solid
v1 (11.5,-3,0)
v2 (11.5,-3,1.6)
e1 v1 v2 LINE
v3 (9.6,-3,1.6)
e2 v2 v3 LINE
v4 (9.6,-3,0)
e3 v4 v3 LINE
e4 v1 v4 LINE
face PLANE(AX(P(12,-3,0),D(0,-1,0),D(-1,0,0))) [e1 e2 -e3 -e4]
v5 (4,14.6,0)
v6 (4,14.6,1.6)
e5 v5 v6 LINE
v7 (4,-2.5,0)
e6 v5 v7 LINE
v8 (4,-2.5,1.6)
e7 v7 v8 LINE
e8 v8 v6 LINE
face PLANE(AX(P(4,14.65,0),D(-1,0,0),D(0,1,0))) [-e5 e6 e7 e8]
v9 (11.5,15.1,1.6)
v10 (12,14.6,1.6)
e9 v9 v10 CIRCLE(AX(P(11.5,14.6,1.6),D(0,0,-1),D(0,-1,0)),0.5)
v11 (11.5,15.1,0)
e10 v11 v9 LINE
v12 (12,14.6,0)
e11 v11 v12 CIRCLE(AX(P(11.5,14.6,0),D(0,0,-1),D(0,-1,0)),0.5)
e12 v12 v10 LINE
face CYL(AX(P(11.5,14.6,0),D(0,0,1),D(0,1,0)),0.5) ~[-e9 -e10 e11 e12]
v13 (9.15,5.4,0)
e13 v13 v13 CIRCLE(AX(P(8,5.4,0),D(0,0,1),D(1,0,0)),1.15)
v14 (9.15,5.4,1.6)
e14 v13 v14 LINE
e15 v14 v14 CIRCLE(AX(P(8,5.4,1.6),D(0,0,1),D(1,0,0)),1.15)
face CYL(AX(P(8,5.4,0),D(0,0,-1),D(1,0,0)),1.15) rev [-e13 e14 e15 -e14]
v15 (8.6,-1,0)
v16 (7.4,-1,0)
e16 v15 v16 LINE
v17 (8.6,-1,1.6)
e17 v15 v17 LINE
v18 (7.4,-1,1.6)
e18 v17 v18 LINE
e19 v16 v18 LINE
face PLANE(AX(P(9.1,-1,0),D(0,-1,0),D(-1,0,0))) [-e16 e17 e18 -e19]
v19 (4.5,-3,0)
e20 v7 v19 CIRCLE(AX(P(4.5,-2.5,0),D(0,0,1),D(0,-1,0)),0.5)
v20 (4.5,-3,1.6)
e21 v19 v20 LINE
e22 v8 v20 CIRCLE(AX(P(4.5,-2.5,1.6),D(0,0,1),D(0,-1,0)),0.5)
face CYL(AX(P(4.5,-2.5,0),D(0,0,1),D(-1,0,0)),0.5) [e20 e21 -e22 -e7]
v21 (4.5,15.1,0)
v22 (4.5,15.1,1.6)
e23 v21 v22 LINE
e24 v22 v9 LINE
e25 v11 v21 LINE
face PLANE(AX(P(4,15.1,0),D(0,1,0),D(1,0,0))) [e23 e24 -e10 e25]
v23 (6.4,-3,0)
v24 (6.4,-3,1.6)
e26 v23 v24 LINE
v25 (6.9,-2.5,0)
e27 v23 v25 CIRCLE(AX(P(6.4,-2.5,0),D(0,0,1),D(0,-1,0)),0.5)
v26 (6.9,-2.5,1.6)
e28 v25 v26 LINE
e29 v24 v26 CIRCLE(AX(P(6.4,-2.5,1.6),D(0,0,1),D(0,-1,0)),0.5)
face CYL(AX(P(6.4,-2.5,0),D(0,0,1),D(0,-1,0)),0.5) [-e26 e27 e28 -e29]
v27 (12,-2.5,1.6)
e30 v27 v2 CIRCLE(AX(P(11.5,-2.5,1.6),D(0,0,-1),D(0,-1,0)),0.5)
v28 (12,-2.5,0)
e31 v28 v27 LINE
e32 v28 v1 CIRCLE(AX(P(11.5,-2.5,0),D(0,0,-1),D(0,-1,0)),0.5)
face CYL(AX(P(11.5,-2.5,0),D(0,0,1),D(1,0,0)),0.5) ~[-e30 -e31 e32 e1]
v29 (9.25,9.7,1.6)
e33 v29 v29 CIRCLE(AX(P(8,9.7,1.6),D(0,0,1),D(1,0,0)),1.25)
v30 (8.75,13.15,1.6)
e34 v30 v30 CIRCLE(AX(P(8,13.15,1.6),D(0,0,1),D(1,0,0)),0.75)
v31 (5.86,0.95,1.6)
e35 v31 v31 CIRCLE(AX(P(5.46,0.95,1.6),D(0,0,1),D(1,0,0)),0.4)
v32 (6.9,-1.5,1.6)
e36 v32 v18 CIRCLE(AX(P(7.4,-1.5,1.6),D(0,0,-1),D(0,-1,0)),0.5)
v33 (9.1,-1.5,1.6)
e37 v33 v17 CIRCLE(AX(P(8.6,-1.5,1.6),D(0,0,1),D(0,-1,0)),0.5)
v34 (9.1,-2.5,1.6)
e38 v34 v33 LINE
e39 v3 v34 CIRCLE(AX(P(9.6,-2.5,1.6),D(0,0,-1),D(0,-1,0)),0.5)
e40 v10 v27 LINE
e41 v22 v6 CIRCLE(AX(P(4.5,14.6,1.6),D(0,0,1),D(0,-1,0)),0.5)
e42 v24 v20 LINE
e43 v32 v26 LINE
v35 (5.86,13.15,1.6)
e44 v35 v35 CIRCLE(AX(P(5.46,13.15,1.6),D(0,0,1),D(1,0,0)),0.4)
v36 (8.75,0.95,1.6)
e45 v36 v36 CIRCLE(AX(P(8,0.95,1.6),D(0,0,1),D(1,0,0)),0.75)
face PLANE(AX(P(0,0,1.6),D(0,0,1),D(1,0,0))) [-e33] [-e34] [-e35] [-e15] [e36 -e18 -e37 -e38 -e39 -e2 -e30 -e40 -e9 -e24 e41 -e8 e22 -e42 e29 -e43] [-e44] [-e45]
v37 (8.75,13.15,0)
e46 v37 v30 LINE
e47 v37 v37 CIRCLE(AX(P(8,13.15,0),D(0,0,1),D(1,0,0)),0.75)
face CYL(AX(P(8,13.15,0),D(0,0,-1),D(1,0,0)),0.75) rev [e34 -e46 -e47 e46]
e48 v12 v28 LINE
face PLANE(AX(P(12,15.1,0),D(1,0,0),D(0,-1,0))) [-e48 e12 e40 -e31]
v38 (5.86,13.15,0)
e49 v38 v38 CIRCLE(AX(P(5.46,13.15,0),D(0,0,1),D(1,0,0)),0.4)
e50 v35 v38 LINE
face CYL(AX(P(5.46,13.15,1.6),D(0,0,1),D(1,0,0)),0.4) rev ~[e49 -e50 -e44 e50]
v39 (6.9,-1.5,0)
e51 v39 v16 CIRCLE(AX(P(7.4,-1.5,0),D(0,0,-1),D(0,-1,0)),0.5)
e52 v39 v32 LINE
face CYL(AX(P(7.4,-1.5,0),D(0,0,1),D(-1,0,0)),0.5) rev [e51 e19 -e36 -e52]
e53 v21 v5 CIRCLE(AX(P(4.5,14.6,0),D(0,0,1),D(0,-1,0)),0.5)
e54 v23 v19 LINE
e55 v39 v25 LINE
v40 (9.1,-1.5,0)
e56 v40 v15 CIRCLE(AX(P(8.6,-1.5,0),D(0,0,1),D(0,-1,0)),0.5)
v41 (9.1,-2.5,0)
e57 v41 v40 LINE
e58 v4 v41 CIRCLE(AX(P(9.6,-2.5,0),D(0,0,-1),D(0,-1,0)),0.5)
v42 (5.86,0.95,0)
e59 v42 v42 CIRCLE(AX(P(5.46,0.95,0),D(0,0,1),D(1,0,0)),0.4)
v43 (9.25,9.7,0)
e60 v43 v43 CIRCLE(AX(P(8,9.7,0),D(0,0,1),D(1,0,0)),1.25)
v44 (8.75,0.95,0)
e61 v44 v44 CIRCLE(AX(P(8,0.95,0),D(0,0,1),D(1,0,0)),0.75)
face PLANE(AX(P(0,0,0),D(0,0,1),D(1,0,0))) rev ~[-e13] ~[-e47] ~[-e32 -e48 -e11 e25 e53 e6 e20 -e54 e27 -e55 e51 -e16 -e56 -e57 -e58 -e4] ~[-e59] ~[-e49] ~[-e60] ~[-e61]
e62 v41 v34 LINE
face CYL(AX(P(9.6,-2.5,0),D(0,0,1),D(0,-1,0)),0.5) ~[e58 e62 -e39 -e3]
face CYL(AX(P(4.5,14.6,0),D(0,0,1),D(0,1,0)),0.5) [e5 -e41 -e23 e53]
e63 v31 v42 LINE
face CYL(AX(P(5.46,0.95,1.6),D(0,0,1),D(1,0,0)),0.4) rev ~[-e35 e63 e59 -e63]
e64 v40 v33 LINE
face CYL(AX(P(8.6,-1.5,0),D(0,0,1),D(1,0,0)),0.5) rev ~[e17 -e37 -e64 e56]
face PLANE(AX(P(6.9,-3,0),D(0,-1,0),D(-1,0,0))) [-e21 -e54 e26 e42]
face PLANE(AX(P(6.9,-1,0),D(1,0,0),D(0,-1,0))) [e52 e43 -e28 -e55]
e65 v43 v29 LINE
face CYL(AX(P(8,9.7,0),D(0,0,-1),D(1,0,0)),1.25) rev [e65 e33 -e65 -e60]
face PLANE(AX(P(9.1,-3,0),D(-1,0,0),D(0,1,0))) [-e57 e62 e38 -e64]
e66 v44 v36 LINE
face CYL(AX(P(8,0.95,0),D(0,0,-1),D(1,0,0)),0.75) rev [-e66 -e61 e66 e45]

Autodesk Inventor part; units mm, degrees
ref_plane "YZ Plane" through (0, 0, 0) normal (1, 0, 0) x (0, 1, 0)
ref_plane "XZ Plane" through (0, 0, 0) normal (0, 1, 0) x (-1, 0, 0)
ref_plane "XY Plane" through (0, 0, 0) normal (0, 0, 1) x (1, 0, 0)
sketch "スケッチ1" plane through (0, 0, 0) normal (0, 0, 1) x (1, 0, 0)
  line L0 (4, 15.1) -> (12, 15.1)
  line L1 (12, 15.1) -> (12, -3)
  line L2 (4, -3) -> (4, 15.1)
  circle A0 centre (8, 9.7) radius 1.25 projected
  circle A1 centre (50, 5.4) radius 1.15 projected
  circle A2 centre (8, -5.4) radius 1.15 projected
  circle A3 centre (50, -5.4) radius 1.15 projected
  circle A4 centre (8, 5.4) radius 1.15 projected
  line L3 (-1, 21.7) -> (66, 21.7) projected
  line L4 (-2, 20.7) -> (-2, -20.7) projected
  line L5 (66, -21.7) -> (-1, -21.7) projected
  circle A5 centre (8, 13.15) radius 0.75
  circle A6 centre (8, 0.95) radius 0.75
  line L6 (6.8, 15.1) -> (9.4, 15.1)
  line L7 (9.1, -3) -> (9.1, -1)
  line L8 (9.1, -1) -> (6.9, -1)
  line L9 (6.9, -1) -> (6.9, -3)
  circle A7 centre (8, -5.4) radius 2
  line L10 (12, -3) -> (9.1, -3)
  line L11 (6.9, -3) -> (4, -3)
  line L12 (49.4, 10.95) -> (50.6, 10.95) projected
  arc A8 (51.5, 10.05) -> (50.6, 10.95) centre (50.6, 10.05) ccw projected
  line L13 (50.6, 8.45) -> (49.4, 8.45) projected
  arc A9 (48.5, 9.35) -> (49.4, 8.45) centre (49.4, 9.35) ccw projected
  arc A10 (66, -21.7) -> (67, -20.7) centre (66, -20.7) ccw projected
  arc A11 (67, 20.7) -> (66, 21.7) centre (66, 20.7) ccw projected
  arc A12 (-1, 21.7) -> (-2, 20.7) centre (-1, 20.7) ccw projected
  arc A13 (-2, -20.7) -> (-1, -21.7) centre (-1, -20.7) ccw projected
  line L14 (9.5, -0.55) -> (3.96, -0.55) projected
  line L15 (3.96, -0.55) -> (3.96, 2.45) projected
  line L16 (3.96, 2.45) -> (9.5, 2.45) projected
  line L17 (9.5, 2.45) -> (9.5, -0.55) projected
  line L18 (9.5, 11.65) -> (3.96, 11.65) projected
  line L19 (3.96, 11.65) -> (3.96, 14.65) projected
  line L20 (3.96, 14.65) -> (9.5, 14.65) projected
  line L21 (9.5, 14.65) -> (9.5, 11.65) projected
  line L22 (54, 9) -> (67, 9) projected
  line L23 (67, 20.7) -> (67, 9) projected
  line L24 (67, -7.5) -> (67, -20.7) projected
  line L25 (67, -7.5) -> (54, -7.5) projected
  line L26 (54, -7.5) -> (54, 9) projected
  line L27 (51.5, 10.05) -> (51.5, 9.35) projected
  arc A14 (50.6, 8.45) -> (51.5, 9.35) centre (50.6, 9.35) ccw projected
  line L28 (48.5, 9.35) -> (48.5, 10.05) projected
  arc A15 (49.4, 10.95) -> (48.5, 10.05) centre (49.4, 10.05) ccw projected
  point P0 (0, 0)
  point P1 (8, -2.2)
  dimension "d6" = 8
  dimension "d7" = 1.5
  dimension "d8" = 1.5
  dimension "d22" = 4
  dimension "d24" = 1.2
  dimension "d25" = 11.9
  dimension "d27" = 3
  dimension "d32" = 1.1
  dimension "d33" = 1.1
  dimension "d35" = 4.3
  dimension "d36" = 3.45
  dimension "d37" = 8.75
  dimension "d38" = 4.45
extrude "押し出し1" add sketch "スケッチ1" along normal blind 1.6 contours L0 L1 L10 L7 L8 L9 L11 L2 L14 L17 L16 L18 L21 L20 | L20 L21 L18 L2 | L16 L17 L14 L2
sketch "スケッチ2" plane through (0, 0, 1.6) normal (0, 0, 1) x (1, 0, 0)
  circle A0 centre (8, 13.15) radius 0.75 projected
  circle A1 centre (8, 0.95) radius 0.75 projected
  circle A2 centre (8, 9.7) radius 1.25 projected
  circle A3 centre (8, 5.4) radius 1.15 projected
  line L0 (12, 15.1) -> (4, 15.1) projected
  line L1 (4, 15.1) -> (4, -3) projected
  line L2 (9.1, -3) -> (12, -3) projected
  line L3 (12, -3) -> (12, 15.1) projected
  circle A4 centre (5.46, 13.15) radius 0.4
  circle A5 centre (5.46, 0.95) radius 0.4
  line L4 (4, -3) -> (6.9, -3) projected
  line L5 (6.9, -3) -> (6.9, -1) projected
  line L6 (6.9, -1) -> (9.1, -1) projected
  line L7 (9.1, -1) -> (9.1, -3) projected
  point P0 (0, 0)
  dimension "d11" = 0.8
  dimension "d12" = 0.8
  dimension "d13" = 2.54
  dimension "d14" = 2.54
extrude "押し出し2" cut sketch "スケッチ2" against normal through all contours A4 | A5
fillet "フィレット1" radius 0.5 8 edges at (4, 15.1, 0.8) (4, -3, 0.8) (6.9, -3, 0.8) (6.9, -1, 0.8) (9.1, -1, 0.8) (9.1, -3, 0.8) (12, -3, 0.8) (12, 15.1, 0.8)
properties part number "HbBatteryPcb01"
